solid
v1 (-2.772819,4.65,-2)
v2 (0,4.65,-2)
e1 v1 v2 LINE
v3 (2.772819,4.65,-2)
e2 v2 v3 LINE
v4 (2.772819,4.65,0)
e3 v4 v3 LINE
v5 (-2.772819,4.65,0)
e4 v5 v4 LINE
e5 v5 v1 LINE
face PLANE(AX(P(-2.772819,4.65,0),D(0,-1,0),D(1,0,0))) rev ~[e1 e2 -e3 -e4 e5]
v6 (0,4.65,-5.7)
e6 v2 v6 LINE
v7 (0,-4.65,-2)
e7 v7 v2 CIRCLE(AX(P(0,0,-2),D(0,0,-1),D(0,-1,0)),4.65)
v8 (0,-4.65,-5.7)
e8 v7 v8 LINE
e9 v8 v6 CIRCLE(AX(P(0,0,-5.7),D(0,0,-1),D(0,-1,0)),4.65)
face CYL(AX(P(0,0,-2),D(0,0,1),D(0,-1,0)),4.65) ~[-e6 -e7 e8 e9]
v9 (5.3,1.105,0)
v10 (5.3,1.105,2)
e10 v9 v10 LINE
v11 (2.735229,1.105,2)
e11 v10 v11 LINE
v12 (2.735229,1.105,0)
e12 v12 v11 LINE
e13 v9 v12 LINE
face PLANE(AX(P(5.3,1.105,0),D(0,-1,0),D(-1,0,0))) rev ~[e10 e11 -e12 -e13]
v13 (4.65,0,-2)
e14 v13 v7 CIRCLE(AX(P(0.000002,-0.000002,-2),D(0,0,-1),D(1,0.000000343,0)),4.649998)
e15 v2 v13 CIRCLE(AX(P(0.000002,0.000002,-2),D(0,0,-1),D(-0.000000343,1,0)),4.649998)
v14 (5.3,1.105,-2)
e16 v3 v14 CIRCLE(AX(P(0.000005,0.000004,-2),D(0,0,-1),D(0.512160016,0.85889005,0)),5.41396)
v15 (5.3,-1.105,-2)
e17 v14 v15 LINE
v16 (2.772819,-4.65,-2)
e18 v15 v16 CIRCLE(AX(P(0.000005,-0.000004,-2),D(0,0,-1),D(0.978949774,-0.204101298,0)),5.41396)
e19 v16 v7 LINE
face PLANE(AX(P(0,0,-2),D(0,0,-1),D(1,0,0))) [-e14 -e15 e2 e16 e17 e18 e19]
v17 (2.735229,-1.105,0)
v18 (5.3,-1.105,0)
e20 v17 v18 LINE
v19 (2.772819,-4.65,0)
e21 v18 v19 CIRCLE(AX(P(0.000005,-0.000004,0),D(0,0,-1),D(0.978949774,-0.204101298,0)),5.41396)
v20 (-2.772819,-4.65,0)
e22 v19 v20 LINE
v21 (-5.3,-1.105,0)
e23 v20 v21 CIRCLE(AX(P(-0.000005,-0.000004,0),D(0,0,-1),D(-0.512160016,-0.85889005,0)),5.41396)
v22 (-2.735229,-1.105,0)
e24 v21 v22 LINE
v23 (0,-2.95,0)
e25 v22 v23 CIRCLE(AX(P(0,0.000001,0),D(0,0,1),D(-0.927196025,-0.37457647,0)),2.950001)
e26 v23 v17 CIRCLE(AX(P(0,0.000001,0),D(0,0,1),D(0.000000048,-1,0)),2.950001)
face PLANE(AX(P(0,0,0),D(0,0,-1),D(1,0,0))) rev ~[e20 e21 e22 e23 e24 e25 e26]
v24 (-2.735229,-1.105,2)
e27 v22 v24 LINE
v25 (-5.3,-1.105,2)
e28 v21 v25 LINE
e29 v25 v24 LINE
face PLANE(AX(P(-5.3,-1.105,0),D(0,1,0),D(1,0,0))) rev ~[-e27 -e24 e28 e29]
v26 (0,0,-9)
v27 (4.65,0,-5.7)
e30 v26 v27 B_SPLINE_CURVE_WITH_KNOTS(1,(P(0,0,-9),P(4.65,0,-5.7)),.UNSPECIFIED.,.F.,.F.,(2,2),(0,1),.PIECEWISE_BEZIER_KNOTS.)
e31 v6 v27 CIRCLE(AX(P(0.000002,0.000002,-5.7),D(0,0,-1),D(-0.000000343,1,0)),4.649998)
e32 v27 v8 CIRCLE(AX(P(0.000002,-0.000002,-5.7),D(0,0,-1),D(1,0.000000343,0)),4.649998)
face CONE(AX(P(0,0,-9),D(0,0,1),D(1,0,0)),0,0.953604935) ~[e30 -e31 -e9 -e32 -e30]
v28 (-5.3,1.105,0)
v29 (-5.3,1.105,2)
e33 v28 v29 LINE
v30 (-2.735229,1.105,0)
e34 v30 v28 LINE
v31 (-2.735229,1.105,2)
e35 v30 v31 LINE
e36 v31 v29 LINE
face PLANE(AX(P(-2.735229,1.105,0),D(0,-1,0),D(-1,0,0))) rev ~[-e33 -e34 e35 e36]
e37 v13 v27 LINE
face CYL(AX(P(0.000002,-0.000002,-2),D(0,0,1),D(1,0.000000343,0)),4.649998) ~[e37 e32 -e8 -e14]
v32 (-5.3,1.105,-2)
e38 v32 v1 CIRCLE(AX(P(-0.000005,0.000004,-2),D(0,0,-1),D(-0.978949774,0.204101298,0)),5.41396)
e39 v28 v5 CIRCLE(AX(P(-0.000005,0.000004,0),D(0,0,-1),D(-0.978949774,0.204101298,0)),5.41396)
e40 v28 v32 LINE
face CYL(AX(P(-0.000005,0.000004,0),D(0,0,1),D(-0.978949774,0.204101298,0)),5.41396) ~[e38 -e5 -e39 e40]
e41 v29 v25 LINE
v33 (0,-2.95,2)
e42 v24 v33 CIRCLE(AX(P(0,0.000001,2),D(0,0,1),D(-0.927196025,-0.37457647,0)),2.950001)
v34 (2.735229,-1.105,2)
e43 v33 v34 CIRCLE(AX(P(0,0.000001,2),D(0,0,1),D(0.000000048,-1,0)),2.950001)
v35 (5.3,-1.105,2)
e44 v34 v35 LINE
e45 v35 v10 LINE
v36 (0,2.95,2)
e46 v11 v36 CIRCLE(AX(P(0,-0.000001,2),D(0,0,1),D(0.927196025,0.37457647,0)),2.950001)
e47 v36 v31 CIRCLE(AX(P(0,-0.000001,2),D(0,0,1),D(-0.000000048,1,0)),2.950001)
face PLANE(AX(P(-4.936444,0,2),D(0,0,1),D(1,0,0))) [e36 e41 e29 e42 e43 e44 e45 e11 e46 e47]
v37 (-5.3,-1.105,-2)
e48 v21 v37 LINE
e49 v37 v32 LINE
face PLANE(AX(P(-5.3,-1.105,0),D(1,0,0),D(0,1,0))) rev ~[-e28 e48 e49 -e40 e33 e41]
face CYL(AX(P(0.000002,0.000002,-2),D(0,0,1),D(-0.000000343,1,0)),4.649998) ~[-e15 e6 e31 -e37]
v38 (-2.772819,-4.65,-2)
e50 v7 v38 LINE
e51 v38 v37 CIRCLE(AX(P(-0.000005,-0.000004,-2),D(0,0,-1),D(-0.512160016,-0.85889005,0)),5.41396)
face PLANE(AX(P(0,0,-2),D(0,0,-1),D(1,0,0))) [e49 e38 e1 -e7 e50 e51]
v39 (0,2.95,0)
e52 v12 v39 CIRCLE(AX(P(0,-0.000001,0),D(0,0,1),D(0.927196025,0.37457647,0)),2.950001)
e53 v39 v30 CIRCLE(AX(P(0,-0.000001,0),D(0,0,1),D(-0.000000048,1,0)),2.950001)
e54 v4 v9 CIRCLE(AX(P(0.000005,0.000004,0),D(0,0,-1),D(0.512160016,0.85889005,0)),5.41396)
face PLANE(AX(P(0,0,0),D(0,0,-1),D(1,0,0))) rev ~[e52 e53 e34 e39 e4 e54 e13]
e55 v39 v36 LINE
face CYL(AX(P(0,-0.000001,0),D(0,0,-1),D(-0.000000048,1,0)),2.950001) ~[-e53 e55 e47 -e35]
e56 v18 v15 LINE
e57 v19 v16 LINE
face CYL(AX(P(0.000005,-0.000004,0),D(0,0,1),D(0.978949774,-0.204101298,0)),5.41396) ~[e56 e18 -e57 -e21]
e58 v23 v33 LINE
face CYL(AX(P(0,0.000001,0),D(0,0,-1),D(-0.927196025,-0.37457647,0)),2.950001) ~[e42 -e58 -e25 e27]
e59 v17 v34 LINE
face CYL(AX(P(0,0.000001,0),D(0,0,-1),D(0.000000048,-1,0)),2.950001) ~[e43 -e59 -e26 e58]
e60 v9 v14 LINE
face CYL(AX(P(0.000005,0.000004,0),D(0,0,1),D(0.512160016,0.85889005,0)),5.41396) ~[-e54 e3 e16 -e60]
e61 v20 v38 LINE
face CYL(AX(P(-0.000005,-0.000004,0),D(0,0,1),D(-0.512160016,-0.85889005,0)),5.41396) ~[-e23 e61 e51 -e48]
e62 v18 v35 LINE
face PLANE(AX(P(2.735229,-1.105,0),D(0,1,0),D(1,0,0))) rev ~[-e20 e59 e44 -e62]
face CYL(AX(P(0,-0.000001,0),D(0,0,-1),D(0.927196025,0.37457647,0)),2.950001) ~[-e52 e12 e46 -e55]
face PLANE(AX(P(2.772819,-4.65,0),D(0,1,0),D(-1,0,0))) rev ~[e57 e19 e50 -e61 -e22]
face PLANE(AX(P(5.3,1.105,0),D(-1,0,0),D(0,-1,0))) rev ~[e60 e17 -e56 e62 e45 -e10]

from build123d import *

# Parameters (mm, degrees)
F1_DEPTH  = 2
F3_DEPTH  = 2
F5_DEPTH  = 3.7
F5_FACE_R = 4.65


with BuildPart() as f1:
    # F0 (on Top) → F1 (new body)
    with BuildSketch(Plane.XY):
        with BuildLine():
            Line((-4.516799, 1.105), (-5.3, 1.105))
            Line((-5.3, 1.105), (-5.3, -1.105))
            Line((-5.3, -1.105), (-4.516799, -1.105))
            ThreePointArc((-4.516799, -1.105), (-4.65, 0), (-4.516799, 1.105))
        make_face()
        with BuildLine():
            ThreePointArc((0, 2.95), (-1.649659, 2.445634), (-2.735229, 1.105))
            ThreePointArc((-2.735229, 1.105), (-2.895809, 0.562839), (-2.95, 0))
            ThreePointArc((-2.95, 0), (-2.895809, -0.562839), (-2.735229, -1.105))
            ThreePointArc((-2.735229, -1.105), (-1.649659, -2.445634), (0, -2.95))
            ThreePointArc((0, -2.95), (1.649659, -2.445634), (2.735229, -1.105))
            ThreePointArc((2.735229, -1.105), (2.895809, -0.562839), (2.95, 0))
            ThreePointArc((2.95, 0), (2.895809, 0.562839), (2.735229, 1.105))
            ThreePointArc((2.735229, 1.105), (1.649659, 2.445634), (0, 2.95))
        make_face()
        with BuildLine():
            Line((5.3, 1.105), (4.516799, 1.105))
            ThreePointArc((4.516799, 1.105), (4.61658, 0.5565), (4.65, 0))
            ThreePointArc((4.65, 0), (4.61658, -0.5565), (4.516799, -1.105))
            Line((4.516799, -1.105), (5.3, -1.105))
            Line((5.3, -1.105), (5.3, 1.105))
        make_face()
        with BuildLine():
            Line((-2.735229, 1.105), (-4.516799, 1.105))
            ThreePointArc((-4.516799, 1.105), (-4.65, 0), (-4.516799, -1.105))
            Line((-4.516799, -1.105), (-2.735229, -1.105))
            ThreePointArc((-2.735229, -1.105), (-2.895809, -0.562839), (-2.95, 0))
            ThreePointArc((-2.95, 0), (-2.895809, 0.562839), (-2.735229, 1.105))
        make_face()
        with BuildLine():
            ThreePointArc((4.65, 0), (4.61658, 0.5565), (4.516799, 1.105))
            Line((4.516799, 1.105), (2.735229, 1.105))
            ThreePointArc((2.735229, 1.105), (2.895809, 0.562839), (2.95, 0))
            ThreePointArc((2.95, 0), (2.895809, -0.562839), (2.735229, -1.105))
            Line((2.735229, -1.105), (4.516799, -1.105))
            ThreePointArc((4.516799, -1.105), (4.61658, -0.5565), (4.65, 0))
        make_face()
    extrude(amount=F1_DEPTH)

    # F2 (on face) → F3 (join)
    with BuildSketch(Plane(origin=(0, 0, 0), x_dir=(1, 0, 0), z_dir=(0, 0, -1))):
        with BuildLine():
            Line((-5.3, 1.105), (-5.3, -1.105))
            ThreePointArc((-5.3, -1.105), (-4.408442, -3.142717), (-2.772819, -4.65))
            Line((-2.772819, -4.65), (0, -4.65))
            Line((0, -4.65), (2.772819, -4.65))
            ThreePointArc((2.772819, -4.65), (4.408442, -3.142717), (5.3, -1.105))
            Line((5.3, -1.105), (5.3, 1.105))
            ThreePointArc((5.3, 1.105), (4.408442, 3.142717), (2.772819, 4.65))
            Line((2.772819, 4.65), (0, 4.65))
            Line((0, 4.65), (-2.772819, 4.65))
            ThreePointArc((-2.772819, 4.65), (-4.408442, 3.142717), (-5.3, 1.105))
        make_face()
    extrude(amount=F3_DEPTH)

    # F4 (on face) → F5 (join)
    with BuildSketch(Plane(origin=(0, 0, -2), x_dir=(1, 0, 0), z_dir=(0, 0, -1))):
        with BuildLine():
            ThreePointArc((0, -4.65), (3.288047, -3.288047), (4.65, 0))
            ThreePointArc((4.65, 0), (3.288047, 3.288047), (0, 4.65))
            ThreePointArc((0, 4.65), (-4.65, 0), (0, -4.65))
        make_face()
    extrude(amount=F5_DEPTH)

    # F5_face (on face) → F7 section 0
    with BuildSketch(Plane(origin=(0, 0, -5.7), x_dir=(1, 0, 0), z_dir=(0, 0, -1)), mode=Mode.PRIVATE) as f7_s0:
        Circle(F5_FACE_R)
    loft([Vertex(0, 0, -9), f7_s0.sketch])


solid = f1.part
